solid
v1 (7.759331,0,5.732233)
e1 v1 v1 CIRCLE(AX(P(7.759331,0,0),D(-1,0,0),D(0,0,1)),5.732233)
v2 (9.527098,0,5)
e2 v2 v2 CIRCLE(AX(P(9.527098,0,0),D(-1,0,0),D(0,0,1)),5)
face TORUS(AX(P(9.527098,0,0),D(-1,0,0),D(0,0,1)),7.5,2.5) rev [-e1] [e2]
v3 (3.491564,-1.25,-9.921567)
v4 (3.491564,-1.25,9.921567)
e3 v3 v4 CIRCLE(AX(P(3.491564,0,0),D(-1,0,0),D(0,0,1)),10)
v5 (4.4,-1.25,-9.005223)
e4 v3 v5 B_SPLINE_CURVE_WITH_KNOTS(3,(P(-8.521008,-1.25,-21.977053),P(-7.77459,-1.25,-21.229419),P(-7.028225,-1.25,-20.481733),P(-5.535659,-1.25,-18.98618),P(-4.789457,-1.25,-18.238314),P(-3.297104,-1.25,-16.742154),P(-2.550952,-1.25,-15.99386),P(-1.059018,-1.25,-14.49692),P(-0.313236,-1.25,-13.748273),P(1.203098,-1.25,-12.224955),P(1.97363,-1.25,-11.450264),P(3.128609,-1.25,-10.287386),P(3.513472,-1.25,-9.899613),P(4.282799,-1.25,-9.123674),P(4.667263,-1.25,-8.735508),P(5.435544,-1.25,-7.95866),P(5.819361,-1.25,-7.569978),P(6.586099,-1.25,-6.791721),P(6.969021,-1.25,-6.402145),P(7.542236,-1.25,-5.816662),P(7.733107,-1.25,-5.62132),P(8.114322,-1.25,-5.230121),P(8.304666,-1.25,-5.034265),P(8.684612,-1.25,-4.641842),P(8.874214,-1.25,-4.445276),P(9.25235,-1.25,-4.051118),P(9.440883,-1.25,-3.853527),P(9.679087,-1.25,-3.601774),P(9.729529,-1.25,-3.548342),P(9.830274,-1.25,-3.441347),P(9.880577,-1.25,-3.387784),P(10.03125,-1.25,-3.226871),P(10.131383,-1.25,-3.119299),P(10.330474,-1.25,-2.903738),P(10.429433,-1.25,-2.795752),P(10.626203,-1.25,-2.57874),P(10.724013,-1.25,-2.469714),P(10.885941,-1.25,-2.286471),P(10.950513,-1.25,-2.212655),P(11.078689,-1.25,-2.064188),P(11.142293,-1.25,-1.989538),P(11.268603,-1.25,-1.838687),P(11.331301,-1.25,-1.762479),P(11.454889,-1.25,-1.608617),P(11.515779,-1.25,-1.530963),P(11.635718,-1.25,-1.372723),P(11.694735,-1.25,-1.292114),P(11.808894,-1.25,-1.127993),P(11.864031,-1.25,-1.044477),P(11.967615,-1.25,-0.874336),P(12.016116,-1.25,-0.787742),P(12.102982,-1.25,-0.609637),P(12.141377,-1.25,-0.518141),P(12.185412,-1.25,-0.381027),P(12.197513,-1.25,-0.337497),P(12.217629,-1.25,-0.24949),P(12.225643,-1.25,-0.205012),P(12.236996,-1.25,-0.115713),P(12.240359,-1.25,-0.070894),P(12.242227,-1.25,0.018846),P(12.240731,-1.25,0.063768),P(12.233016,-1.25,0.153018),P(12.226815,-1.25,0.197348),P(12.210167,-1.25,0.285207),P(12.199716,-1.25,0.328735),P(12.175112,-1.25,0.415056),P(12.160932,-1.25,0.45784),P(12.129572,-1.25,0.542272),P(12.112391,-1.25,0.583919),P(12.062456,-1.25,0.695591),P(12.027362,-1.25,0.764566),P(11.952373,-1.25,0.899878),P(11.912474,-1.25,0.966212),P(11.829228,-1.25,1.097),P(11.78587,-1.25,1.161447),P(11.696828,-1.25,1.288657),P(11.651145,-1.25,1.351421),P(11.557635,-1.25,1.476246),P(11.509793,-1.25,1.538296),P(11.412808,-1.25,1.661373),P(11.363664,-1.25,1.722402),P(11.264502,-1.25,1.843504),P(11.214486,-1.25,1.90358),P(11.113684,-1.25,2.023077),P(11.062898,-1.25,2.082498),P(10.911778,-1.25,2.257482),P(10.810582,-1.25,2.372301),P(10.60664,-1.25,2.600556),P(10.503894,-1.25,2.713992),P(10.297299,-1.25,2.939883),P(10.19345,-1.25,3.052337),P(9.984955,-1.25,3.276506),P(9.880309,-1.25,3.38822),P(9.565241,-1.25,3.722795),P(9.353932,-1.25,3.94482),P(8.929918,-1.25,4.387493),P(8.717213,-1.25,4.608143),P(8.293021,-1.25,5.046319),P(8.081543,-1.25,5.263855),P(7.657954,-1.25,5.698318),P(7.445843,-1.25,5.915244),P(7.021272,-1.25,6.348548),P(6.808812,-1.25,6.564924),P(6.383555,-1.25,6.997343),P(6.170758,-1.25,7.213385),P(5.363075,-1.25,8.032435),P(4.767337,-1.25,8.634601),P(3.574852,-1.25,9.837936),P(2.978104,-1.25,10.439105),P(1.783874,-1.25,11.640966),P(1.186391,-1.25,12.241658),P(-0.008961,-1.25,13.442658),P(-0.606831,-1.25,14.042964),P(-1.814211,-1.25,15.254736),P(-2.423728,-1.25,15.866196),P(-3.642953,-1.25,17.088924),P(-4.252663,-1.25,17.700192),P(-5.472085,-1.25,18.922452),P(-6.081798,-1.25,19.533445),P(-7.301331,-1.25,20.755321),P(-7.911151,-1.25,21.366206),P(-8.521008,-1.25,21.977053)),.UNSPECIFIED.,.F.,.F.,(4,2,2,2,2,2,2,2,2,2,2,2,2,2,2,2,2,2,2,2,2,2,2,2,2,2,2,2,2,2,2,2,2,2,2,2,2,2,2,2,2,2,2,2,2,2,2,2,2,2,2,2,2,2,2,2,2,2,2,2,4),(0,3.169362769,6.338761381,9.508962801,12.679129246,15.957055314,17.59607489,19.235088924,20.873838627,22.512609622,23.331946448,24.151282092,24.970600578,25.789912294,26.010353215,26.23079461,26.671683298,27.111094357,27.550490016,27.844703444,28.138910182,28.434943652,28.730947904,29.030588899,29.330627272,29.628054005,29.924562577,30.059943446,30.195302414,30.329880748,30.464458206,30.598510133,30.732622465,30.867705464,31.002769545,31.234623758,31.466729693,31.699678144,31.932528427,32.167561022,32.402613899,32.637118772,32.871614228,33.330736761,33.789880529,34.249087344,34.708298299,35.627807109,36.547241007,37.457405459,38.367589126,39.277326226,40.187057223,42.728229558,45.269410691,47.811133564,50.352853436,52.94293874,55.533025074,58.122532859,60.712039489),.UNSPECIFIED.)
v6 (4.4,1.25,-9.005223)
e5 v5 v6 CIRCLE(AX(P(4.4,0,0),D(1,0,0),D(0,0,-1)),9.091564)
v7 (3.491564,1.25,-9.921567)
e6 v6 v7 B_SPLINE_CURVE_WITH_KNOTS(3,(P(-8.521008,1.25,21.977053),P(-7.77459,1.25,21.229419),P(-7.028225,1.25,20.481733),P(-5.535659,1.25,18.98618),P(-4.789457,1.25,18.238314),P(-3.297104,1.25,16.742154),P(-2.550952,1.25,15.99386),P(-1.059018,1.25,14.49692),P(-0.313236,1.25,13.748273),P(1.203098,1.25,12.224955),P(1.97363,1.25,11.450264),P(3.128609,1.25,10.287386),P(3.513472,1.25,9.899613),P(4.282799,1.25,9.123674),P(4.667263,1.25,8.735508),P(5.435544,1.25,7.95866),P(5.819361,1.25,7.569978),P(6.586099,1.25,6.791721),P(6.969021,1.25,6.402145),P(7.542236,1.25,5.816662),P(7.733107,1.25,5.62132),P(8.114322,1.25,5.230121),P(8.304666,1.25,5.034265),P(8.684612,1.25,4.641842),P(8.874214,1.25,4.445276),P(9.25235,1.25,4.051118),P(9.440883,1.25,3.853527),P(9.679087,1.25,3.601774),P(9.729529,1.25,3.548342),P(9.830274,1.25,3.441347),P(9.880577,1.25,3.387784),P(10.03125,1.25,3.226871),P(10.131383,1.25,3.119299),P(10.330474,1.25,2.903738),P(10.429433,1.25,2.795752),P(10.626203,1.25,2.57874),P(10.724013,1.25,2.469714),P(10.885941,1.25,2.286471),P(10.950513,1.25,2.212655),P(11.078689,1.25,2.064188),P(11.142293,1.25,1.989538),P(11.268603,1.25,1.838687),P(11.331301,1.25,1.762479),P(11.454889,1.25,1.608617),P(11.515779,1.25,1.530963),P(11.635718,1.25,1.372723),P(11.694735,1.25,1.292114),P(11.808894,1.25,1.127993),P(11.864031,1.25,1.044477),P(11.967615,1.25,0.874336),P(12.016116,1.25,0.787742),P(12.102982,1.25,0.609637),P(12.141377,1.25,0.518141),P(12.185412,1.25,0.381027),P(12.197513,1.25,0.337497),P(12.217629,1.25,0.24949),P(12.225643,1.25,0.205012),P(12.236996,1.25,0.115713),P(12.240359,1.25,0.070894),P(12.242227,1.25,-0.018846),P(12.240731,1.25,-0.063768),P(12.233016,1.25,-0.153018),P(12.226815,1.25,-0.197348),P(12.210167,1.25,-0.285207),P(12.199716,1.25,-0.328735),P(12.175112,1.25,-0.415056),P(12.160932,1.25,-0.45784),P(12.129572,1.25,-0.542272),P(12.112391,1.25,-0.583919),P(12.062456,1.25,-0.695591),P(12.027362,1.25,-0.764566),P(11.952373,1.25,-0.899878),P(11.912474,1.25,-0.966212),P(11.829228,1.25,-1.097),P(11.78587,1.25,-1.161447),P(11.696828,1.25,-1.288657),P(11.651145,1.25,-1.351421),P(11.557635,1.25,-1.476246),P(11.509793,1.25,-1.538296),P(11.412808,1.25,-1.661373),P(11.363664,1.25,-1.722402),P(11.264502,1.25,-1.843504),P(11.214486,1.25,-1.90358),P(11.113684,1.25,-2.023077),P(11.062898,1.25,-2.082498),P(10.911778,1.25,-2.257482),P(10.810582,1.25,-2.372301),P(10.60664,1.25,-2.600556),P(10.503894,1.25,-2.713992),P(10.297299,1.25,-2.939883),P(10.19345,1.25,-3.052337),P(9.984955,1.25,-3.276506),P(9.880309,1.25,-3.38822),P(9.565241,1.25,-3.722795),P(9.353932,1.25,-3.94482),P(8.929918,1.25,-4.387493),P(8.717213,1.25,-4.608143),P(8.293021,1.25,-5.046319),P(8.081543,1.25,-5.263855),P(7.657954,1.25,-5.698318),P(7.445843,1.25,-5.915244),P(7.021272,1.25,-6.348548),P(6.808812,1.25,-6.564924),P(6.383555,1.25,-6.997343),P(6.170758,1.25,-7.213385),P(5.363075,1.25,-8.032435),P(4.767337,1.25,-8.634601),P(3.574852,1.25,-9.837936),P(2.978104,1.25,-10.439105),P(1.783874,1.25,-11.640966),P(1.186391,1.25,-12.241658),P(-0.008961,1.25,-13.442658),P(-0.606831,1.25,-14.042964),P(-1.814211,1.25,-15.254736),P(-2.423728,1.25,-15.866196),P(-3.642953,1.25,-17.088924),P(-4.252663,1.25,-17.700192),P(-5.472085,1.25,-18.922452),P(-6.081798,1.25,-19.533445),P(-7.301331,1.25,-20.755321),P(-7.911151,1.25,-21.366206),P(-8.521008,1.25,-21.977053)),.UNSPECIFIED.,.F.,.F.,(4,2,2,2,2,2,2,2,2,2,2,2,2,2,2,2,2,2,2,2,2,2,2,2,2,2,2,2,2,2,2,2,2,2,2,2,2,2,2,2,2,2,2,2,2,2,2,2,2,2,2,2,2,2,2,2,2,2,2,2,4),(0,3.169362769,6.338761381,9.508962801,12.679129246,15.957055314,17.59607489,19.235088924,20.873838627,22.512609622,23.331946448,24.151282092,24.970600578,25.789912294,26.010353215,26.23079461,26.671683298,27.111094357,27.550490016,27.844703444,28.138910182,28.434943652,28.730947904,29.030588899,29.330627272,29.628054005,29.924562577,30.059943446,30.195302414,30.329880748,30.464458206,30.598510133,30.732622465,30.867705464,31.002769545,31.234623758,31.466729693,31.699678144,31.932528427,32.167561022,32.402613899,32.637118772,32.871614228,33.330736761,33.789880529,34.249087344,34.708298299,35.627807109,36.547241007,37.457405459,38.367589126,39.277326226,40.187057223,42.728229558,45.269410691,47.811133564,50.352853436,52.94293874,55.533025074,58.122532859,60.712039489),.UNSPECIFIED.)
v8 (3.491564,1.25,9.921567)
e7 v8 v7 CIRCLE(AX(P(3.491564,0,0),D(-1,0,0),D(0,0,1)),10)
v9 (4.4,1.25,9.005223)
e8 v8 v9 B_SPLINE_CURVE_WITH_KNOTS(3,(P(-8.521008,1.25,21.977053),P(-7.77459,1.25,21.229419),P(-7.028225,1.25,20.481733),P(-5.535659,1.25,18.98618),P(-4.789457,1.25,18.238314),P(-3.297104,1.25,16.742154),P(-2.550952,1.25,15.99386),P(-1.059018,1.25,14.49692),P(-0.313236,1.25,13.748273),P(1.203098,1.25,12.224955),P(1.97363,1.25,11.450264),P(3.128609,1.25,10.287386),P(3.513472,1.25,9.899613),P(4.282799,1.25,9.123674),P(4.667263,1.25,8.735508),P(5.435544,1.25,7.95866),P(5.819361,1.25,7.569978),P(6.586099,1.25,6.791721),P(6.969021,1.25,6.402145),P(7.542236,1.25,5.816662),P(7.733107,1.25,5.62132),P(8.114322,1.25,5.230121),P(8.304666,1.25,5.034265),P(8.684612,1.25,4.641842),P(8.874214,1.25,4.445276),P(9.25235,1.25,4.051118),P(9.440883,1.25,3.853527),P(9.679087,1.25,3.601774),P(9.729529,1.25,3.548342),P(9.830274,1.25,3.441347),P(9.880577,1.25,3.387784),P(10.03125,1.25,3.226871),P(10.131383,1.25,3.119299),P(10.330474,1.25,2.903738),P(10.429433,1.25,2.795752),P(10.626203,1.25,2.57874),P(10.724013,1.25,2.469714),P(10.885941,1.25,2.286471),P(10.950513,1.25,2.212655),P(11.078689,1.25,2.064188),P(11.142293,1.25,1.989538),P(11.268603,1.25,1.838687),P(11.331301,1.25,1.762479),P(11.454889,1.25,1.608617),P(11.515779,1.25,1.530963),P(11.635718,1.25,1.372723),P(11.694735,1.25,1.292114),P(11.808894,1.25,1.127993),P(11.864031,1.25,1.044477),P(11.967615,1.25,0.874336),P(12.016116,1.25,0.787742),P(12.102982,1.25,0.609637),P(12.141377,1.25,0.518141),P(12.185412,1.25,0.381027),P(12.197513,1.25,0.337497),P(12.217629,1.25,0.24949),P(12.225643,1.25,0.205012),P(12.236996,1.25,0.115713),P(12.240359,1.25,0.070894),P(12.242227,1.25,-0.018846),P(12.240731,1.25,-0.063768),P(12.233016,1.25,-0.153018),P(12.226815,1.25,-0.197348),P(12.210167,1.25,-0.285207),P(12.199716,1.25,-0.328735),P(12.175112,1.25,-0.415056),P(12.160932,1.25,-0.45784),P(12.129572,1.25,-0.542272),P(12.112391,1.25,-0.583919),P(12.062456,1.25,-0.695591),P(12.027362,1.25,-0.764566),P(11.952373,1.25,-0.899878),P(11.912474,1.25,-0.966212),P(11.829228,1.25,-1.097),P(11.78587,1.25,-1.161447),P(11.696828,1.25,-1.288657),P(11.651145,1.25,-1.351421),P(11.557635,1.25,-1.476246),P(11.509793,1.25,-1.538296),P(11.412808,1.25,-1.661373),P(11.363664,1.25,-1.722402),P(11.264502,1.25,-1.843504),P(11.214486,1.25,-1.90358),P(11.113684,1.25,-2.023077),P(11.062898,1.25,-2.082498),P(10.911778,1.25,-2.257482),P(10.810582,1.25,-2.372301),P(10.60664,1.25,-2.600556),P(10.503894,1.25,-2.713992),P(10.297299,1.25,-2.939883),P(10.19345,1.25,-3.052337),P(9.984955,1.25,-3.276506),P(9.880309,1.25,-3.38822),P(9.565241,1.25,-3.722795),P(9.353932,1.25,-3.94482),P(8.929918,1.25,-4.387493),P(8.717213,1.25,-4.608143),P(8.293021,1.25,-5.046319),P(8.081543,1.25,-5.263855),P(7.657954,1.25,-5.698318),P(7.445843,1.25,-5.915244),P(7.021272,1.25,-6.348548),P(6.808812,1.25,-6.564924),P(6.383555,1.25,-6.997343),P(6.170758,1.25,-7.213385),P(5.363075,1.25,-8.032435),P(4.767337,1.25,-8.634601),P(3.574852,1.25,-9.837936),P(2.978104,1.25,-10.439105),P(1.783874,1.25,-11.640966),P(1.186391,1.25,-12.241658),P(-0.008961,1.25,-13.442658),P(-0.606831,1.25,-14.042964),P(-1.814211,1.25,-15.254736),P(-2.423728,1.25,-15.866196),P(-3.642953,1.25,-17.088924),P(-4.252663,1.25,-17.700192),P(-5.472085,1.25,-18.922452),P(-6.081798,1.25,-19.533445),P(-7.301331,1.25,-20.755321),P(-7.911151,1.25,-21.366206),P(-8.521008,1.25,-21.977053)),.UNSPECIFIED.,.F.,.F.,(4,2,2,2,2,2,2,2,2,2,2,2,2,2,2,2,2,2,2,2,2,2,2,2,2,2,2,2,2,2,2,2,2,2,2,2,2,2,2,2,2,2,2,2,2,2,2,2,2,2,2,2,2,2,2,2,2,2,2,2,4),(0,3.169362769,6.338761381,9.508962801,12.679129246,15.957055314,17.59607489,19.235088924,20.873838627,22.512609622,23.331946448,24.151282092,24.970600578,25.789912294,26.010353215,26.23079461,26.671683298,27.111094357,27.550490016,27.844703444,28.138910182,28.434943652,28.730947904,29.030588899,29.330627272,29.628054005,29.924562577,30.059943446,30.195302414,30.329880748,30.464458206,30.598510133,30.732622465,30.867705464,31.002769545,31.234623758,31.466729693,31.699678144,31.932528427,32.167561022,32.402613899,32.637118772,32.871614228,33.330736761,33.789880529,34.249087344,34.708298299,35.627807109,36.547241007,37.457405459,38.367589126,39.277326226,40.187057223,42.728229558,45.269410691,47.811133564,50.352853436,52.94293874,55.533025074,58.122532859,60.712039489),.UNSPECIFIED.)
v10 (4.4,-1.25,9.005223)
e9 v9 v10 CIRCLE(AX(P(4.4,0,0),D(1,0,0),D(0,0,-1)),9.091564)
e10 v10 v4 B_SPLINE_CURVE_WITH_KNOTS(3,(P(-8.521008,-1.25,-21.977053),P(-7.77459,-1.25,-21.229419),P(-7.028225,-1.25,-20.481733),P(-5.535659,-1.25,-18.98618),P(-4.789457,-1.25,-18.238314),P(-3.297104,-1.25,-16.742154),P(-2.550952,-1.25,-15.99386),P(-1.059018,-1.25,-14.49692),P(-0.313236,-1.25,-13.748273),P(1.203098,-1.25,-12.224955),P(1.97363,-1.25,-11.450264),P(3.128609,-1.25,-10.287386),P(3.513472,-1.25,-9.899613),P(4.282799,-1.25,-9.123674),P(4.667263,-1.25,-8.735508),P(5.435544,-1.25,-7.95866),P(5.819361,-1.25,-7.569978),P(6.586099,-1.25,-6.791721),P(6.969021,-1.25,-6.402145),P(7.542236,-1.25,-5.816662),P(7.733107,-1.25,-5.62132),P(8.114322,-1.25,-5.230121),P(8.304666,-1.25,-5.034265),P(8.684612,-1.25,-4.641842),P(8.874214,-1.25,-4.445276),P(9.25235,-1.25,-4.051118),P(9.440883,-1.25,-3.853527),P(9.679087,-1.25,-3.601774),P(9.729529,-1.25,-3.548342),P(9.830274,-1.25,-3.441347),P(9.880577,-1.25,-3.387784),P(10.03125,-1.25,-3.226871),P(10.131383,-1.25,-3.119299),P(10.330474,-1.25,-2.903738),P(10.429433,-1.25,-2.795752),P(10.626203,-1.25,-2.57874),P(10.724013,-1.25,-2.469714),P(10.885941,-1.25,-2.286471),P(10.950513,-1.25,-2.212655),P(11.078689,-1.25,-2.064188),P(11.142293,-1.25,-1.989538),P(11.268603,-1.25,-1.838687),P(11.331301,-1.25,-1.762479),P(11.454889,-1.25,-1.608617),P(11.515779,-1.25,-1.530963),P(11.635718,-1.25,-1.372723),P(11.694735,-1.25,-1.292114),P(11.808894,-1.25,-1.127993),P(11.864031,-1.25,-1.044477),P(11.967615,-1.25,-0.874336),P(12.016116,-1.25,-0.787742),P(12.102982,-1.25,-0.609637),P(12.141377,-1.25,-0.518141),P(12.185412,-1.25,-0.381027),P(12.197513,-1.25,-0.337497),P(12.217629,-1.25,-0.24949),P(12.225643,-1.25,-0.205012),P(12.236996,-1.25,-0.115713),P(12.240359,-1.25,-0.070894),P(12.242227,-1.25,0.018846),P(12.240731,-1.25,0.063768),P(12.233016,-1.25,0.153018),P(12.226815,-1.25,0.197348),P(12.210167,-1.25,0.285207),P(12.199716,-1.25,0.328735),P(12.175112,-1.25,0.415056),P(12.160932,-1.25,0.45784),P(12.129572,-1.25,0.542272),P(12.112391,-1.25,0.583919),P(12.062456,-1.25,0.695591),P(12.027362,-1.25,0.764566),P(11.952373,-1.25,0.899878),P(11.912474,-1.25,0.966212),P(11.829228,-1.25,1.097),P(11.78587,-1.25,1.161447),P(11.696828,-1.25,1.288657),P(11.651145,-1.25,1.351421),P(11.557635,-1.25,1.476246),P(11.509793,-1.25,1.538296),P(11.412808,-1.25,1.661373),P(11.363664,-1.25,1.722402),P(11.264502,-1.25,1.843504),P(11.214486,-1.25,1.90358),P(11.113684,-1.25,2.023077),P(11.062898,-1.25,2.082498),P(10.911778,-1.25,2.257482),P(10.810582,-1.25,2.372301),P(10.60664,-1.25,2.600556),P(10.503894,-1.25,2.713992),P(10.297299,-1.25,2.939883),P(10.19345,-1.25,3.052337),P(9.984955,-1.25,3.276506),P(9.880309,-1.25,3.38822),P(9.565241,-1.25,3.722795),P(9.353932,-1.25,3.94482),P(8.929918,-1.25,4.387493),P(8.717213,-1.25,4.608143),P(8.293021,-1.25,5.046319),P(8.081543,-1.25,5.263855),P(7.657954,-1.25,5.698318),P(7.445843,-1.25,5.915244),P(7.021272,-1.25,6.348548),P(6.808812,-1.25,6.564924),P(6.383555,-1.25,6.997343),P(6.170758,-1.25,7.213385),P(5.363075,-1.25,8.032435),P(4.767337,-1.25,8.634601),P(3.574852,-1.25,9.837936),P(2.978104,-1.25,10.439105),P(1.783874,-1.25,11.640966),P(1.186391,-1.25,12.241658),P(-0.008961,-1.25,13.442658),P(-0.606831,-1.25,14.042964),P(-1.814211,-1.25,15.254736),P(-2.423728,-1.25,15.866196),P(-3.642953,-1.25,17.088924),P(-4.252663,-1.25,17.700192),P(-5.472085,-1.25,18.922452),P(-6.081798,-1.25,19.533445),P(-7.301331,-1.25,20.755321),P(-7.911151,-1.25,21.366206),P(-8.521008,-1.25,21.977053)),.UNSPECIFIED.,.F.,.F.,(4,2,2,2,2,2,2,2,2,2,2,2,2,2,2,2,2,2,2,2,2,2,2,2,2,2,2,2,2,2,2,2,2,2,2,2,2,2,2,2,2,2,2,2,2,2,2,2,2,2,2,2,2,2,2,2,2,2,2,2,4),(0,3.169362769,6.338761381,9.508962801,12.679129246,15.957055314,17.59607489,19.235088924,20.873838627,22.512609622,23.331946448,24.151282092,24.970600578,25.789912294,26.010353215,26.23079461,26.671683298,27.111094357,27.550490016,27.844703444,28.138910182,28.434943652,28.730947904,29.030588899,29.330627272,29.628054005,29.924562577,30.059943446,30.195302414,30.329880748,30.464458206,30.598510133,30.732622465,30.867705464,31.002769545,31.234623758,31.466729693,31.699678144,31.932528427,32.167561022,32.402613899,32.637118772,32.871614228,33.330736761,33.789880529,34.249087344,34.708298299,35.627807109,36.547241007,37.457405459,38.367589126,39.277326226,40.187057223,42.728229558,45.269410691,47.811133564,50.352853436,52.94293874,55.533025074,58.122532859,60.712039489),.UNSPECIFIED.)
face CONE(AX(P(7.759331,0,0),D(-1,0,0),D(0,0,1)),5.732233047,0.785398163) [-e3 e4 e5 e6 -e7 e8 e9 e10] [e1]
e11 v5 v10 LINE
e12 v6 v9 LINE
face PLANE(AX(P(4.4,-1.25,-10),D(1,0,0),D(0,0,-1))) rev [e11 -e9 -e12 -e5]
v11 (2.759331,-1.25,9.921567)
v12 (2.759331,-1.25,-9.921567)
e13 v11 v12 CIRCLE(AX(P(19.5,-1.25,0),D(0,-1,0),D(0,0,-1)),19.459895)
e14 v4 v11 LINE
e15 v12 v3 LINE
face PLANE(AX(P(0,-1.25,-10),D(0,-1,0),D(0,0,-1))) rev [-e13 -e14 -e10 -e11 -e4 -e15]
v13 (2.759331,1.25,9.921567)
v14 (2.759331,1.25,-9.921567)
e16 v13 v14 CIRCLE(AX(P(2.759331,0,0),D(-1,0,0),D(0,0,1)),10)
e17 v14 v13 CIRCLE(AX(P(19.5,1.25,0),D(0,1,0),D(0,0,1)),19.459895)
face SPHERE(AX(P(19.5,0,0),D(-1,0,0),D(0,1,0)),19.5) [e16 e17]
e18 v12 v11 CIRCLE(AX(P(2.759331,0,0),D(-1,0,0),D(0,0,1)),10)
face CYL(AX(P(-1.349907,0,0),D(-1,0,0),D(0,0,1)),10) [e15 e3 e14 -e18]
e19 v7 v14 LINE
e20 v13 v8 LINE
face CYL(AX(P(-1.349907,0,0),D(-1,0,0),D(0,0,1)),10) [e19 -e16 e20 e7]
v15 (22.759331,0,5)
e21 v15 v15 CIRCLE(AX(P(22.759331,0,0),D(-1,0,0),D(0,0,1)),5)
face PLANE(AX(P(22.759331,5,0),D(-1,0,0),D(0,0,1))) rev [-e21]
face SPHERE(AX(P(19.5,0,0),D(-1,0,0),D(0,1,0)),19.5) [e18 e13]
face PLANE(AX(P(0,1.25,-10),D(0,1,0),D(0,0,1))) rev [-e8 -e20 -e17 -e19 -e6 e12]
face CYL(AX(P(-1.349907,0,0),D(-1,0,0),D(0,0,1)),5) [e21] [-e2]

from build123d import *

# Parameters (mm, degrees)
SLOT_DEPTH      = 27.795282152
SLOT_DEPTH_BACK = 27.795282152
SKE_SLOT_W      = 4.4
SKE_SLOT_H      = 2.5


with BuildPart() as part:
    # Ske-Screw → Base (revolve)
    with BuildSketch(Plane.XY, mode=Mode.PRIVATE) as base_sk:
        with BuildLine():
            Line((2.759330957, 10), (3.491564004, 10))
            Line((3.491564004, 10), (7.759330957, 5.732233047))
            ThreePointArc((7.759330957, 5.732233047), (8.570389329, 5.190301169), (9.52709791, 5))
            Line((9.52709791, 5), (22.759330957, 5))
            Line((22.759330957, 5), (22.759330957, 0))
            Line((22.759330957, 0), (2.759330957, 0))
            Line((2.759330957, 0), (0, 0))
            ThreePointArc((0, 0), (0.70248625, 5.186856161), (2.759330957, 10))
        make_face()
    revolve(base_sk.sketch.rotate(Axis((-1.349906986, 0, 0), (1, 0, 0)), 90), axis=Axis((-1.349906986, 0, 0), (1, 0, 0)))

    # Ske-Slot → Slot (cut, two sides: drawn at the far end of the back side and taken through both)
    with BuildSketch(Plane.XY.offset(-SLOT_DEPTH_BACK)):
        with Locations((2.2, 0)):
            Rectangle(SKE_SLOT_W, SKE_SLOT_H)
    extrude(amount=SLOT_DEPTH + SLOT_DEPTH_BACK, mode=Mode.SUBTRACT)


solid = part.part
